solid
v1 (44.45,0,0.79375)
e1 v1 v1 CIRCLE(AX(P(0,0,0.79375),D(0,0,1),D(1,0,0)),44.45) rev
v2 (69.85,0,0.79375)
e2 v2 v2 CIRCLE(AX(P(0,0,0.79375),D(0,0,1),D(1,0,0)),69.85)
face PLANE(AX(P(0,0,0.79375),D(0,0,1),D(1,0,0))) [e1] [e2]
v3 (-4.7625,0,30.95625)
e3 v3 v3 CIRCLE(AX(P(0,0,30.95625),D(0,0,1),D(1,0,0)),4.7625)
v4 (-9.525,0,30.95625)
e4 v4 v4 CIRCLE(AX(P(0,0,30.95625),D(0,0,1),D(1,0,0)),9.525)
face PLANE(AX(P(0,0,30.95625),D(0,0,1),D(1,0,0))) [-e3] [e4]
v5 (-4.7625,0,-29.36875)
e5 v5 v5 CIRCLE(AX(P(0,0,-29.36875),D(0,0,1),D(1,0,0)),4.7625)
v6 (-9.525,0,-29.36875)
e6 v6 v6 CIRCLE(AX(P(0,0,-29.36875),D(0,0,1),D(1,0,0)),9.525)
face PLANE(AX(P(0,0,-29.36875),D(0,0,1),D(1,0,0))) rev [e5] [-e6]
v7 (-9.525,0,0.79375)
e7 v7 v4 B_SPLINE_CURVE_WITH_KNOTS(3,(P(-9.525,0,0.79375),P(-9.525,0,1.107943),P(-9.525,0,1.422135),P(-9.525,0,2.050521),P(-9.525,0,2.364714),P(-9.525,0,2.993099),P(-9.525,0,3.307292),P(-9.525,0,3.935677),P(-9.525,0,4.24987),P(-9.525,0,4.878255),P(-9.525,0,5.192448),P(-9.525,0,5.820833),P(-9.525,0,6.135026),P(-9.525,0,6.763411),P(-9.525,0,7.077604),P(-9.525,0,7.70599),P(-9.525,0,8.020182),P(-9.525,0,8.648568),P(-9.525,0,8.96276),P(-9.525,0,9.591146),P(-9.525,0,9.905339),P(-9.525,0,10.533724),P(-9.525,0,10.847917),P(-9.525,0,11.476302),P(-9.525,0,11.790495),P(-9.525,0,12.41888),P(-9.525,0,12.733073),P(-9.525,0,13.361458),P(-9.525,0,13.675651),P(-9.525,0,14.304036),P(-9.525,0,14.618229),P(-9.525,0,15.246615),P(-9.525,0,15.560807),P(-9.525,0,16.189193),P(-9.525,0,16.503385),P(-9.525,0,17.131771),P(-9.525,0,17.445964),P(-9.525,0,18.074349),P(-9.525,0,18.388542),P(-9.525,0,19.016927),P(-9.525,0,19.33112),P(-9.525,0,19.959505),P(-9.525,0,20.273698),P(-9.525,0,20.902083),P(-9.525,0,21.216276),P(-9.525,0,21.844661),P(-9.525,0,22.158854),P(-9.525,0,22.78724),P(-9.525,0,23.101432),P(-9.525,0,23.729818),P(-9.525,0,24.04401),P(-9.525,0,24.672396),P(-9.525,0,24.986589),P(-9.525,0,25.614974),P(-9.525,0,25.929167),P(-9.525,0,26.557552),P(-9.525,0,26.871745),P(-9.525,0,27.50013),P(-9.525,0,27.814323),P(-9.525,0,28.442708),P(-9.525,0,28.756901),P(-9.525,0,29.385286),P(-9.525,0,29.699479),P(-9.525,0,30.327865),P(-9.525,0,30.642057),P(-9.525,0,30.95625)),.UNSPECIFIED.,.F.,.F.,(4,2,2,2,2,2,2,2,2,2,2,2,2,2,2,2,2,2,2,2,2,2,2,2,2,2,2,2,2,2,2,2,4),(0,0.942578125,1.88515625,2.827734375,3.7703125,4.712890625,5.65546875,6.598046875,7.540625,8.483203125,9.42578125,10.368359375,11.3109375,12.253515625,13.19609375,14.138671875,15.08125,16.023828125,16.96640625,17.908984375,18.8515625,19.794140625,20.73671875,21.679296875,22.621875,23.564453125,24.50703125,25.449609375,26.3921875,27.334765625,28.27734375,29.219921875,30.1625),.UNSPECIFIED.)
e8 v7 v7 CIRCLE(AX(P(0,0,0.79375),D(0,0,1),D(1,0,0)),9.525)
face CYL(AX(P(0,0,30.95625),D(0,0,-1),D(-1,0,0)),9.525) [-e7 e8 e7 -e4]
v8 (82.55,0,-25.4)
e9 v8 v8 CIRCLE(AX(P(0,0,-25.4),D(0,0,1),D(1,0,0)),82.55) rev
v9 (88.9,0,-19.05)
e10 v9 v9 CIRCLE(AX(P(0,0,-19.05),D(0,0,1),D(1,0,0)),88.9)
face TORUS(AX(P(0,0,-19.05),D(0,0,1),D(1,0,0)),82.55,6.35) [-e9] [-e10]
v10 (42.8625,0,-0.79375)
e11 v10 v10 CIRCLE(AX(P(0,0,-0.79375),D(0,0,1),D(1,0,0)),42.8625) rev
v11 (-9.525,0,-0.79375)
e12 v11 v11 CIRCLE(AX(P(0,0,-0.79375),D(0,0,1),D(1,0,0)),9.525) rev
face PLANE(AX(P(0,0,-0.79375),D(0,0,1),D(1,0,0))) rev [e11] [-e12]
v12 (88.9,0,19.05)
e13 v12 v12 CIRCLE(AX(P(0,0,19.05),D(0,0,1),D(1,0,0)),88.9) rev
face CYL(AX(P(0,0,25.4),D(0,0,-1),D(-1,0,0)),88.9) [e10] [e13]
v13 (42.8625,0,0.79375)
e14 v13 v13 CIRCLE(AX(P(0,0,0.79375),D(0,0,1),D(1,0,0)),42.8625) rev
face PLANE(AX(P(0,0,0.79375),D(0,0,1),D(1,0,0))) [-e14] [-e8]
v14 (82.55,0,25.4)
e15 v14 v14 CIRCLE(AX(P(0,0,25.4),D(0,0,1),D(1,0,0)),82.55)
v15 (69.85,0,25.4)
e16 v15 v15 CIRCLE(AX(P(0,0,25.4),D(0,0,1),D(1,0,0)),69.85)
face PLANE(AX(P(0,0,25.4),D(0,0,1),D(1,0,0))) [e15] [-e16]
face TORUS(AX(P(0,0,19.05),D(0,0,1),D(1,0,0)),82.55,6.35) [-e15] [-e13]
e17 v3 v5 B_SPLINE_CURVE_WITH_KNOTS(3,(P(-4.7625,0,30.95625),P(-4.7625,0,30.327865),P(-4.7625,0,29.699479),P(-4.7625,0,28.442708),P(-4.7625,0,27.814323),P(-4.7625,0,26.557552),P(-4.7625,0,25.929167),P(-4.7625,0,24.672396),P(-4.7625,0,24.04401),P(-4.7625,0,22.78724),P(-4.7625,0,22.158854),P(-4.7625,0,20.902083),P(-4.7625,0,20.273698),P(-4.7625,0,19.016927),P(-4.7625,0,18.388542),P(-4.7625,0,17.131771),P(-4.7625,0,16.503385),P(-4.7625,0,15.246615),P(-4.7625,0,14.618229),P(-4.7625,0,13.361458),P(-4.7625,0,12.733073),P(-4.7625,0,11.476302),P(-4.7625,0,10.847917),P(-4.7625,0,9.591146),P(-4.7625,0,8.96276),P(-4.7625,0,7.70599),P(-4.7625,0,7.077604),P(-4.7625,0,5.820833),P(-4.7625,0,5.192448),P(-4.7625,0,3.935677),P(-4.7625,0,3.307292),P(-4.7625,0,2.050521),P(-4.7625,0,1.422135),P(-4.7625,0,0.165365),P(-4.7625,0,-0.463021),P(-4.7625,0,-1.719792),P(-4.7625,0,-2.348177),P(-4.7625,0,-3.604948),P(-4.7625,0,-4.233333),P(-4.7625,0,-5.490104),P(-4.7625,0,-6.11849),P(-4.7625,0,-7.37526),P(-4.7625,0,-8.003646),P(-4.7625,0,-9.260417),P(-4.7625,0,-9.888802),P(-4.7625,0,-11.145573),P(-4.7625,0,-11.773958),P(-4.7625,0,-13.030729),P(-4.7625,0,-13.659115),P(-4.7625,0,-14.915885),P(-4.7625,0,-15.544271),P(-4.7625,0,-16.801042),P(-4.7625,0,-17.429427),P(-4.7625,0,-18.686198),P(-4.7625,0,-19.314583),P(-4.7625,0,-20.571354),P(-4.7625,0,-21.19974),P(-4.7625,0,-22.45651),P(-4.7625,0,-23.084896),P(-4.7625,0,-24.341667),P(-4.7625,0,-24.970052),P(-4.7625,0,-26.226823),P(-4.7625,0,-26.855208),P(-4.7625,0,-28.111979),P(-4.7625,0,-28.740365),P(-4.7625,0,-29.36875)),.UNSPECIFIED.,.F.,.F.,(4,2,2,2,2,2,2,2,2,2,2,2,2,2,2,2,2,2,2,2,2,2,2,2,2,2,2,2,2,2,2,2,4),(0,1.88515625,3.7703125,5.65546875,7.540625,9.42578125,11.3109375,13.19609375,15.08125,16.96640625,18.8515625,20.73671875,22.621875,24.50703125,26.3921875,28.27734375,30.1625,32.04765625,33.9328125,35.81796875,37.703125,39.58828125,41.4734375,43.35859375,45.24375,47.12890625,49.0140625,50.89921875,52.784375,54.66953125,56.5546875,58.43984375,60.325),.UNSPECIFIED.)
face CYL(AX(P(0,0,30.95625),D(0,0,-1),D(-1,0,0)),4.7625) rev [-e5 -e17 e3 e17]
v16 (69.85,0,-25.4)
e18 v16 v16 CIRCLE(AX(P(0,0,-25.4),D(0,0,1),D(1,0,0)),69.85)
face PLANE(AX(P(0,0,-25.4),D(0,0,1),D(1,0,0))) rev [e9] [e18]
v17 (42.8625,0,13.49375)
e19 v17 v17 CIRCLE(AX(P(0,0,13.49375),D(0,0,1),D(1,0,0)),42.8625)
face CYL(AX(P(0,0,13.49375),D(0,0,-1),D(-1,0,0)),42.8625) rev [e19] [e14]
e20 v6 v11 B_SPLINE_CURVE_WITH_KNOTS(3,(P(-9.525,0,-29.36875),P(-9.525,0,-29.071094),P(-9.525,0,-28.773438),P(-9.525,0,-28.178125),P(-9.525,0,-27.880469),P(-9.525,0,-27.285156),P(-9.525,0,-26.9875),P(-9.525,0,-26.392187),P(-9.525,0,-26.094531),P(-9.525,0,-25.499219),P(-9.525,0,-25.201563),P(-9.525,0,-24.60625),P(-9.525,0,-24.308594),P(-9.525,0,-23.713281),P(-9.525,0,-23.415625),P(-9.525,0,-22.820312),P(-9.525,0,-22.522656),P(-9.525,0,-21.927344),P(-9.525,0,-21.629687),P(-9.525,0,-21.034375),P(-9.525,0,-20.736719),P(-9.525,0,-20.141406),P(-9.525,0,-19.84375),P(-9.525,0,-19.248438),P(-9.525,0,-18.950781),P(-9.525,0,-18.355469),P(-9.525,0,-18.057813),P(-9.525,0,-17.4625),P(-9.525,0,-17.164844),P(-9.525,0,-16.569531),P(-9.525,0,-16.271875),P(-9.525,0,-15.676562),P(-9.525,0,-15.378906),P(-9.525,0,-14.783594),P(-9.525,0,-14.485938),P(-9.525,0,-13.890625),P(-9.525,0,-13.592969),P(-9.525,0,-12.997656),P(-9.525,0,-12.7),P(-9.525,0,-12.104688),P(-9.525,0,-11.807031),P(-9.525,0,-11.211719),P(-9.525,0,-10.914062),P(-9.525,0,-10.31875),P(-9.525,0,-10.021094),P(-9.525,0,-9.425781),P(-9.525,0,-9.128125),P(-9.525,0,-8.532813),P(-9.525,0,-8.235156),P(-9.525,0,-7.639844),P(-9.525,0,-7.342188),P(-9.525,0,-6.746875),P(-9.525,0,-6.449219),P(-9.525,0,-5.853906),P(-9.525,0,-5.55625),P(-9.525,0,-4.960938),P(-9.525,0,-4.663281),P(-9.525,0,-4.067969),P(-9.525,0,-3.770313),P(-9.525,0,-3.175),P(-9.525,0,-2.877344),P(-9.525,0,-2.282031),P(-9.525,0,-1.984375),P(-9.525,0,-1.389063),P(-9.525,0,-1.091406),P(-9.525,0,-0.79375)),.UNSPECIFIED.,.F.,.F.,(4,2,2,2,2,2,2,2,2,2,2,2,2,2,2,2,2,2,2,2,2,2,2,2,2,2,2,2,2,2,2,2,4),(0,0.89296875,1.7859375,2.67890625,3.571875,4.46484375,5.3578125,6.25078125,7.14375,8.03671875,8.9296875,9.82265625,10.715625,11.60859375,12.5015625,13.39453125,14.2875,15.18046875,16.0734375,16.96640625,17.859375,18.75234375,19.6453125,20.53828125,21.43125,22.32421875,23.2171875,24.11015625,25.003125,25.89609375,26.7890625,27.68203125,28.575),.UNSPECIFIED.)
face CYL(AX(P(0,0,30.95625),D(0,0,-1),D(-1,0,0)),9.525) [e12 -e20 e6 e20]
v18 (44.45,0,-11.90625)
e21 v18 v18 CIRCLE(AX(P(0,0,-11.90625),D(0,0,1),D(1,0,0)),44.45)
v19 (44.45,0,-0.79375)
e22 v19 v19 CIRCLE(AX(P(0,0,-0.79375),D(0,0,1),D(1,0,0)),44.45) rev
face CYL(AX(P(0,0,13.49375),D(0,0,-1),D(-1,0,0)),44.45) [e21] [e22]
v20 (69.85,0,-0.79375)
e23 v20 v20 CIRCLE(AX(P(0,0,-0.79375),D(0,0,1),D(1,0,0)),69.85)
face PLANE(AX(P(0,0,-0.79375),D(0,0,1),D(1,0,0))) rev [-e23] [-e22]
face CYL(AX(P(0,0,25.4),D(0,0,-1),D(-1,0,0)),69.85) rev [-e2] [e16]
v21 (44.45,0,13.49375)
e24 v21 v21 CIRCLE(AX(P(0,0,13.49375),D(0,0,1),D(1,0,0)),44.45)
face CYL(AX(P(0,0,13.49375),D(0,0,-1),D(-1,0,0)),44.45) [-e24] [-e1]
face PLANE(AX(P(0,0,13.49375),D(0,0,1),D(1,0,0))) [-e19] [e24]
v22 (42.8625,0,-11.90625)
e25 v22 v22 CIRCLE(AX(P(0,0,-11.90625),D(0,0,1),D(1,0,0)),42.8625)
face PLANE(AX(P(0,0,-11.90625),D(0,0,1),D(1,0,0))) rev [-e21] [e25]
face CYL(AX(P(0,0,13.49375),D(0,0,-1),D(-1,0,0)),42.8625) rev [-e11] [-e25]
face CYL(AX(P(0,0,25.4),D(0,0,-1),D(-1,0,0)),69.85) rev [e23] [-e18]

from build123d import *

# Parameters (mm, degrees)
SKETCH1_R      = 88.9
SKETCH1_R_2    = 69.85
EXTRUDE1_DEPTH = 25.4
FILLET1_R      = 6.35
SKETCH2_R      = 69.85
SKETCH2_R_2    = 9.525
EXTRUDE2_DEPTH = 0.79375
SKETCH3_R      = 9.525
SKETCH3_R_2    = 4.7625
EXTRUDE3_DEPTH = 30.1625
SKETCH4_R      = 44.45
SKETCH4_R_2    = 42.8625
EXTRUDE4_DEPTH = 12.7


with BuildPart() as part:
    # Sketch1 → Extrude1 (new, symmetric)
    with BuildSketch(Plane.XY):
        Circle(SKETCH1_R)
        Circle(SKETCH1_R_2, mode=Mode.SUBTRACT)
    extrude(amount=EXTRUDE1_DEPTH, both=True)

    # Fillet1
    fillet1_edges = [part.edges().sort_by_distance(p)[0] for p in [
        (-88.9, 0, -25.4),
        (-88.9, 0, 25.4),
    ]]
    fillet(fillet1_edges, radius=FILLET1_R)

    # Sketch2 → Extrude2 (add, symmetric)
    with BuildSketch(Plane.XY):
        Circle(SKETCH2_R)
        Circle(SKETCH2_R_2, mode=Mode.SUBTRACT)
    extrude(amount=EXTRUDE2_DEPTH, both=True)

    # Sketch3 → Extrude3 (add, symmetric)
    with BuildSketch(Plane.XY.offset(0.79375)):
        with Locations(Location((0, 0, 0), (0, 0, 180))):
            Circle(SKETCH3_R)
        with Locations(Location((0, 0, 0), (0, 0, 180))):
            Circle(SKETCH3_R_2, mode=Mode.SUBTRACT)
    extrude(amount=EXTRUDE3_DEPTH, both=True)

    # Sketch4 → Extrude4 (add, symmetric)
    with BuildSketch(Plane.XY.offset(0.79375)):
        Circle(SKETCH4_R)
        Circle(SKETCH4_R_2, mode=Mode.SUBTRACT)
    extrude(amount=EXTRUDE4_DEPTH, both=True)


solid = part.part
